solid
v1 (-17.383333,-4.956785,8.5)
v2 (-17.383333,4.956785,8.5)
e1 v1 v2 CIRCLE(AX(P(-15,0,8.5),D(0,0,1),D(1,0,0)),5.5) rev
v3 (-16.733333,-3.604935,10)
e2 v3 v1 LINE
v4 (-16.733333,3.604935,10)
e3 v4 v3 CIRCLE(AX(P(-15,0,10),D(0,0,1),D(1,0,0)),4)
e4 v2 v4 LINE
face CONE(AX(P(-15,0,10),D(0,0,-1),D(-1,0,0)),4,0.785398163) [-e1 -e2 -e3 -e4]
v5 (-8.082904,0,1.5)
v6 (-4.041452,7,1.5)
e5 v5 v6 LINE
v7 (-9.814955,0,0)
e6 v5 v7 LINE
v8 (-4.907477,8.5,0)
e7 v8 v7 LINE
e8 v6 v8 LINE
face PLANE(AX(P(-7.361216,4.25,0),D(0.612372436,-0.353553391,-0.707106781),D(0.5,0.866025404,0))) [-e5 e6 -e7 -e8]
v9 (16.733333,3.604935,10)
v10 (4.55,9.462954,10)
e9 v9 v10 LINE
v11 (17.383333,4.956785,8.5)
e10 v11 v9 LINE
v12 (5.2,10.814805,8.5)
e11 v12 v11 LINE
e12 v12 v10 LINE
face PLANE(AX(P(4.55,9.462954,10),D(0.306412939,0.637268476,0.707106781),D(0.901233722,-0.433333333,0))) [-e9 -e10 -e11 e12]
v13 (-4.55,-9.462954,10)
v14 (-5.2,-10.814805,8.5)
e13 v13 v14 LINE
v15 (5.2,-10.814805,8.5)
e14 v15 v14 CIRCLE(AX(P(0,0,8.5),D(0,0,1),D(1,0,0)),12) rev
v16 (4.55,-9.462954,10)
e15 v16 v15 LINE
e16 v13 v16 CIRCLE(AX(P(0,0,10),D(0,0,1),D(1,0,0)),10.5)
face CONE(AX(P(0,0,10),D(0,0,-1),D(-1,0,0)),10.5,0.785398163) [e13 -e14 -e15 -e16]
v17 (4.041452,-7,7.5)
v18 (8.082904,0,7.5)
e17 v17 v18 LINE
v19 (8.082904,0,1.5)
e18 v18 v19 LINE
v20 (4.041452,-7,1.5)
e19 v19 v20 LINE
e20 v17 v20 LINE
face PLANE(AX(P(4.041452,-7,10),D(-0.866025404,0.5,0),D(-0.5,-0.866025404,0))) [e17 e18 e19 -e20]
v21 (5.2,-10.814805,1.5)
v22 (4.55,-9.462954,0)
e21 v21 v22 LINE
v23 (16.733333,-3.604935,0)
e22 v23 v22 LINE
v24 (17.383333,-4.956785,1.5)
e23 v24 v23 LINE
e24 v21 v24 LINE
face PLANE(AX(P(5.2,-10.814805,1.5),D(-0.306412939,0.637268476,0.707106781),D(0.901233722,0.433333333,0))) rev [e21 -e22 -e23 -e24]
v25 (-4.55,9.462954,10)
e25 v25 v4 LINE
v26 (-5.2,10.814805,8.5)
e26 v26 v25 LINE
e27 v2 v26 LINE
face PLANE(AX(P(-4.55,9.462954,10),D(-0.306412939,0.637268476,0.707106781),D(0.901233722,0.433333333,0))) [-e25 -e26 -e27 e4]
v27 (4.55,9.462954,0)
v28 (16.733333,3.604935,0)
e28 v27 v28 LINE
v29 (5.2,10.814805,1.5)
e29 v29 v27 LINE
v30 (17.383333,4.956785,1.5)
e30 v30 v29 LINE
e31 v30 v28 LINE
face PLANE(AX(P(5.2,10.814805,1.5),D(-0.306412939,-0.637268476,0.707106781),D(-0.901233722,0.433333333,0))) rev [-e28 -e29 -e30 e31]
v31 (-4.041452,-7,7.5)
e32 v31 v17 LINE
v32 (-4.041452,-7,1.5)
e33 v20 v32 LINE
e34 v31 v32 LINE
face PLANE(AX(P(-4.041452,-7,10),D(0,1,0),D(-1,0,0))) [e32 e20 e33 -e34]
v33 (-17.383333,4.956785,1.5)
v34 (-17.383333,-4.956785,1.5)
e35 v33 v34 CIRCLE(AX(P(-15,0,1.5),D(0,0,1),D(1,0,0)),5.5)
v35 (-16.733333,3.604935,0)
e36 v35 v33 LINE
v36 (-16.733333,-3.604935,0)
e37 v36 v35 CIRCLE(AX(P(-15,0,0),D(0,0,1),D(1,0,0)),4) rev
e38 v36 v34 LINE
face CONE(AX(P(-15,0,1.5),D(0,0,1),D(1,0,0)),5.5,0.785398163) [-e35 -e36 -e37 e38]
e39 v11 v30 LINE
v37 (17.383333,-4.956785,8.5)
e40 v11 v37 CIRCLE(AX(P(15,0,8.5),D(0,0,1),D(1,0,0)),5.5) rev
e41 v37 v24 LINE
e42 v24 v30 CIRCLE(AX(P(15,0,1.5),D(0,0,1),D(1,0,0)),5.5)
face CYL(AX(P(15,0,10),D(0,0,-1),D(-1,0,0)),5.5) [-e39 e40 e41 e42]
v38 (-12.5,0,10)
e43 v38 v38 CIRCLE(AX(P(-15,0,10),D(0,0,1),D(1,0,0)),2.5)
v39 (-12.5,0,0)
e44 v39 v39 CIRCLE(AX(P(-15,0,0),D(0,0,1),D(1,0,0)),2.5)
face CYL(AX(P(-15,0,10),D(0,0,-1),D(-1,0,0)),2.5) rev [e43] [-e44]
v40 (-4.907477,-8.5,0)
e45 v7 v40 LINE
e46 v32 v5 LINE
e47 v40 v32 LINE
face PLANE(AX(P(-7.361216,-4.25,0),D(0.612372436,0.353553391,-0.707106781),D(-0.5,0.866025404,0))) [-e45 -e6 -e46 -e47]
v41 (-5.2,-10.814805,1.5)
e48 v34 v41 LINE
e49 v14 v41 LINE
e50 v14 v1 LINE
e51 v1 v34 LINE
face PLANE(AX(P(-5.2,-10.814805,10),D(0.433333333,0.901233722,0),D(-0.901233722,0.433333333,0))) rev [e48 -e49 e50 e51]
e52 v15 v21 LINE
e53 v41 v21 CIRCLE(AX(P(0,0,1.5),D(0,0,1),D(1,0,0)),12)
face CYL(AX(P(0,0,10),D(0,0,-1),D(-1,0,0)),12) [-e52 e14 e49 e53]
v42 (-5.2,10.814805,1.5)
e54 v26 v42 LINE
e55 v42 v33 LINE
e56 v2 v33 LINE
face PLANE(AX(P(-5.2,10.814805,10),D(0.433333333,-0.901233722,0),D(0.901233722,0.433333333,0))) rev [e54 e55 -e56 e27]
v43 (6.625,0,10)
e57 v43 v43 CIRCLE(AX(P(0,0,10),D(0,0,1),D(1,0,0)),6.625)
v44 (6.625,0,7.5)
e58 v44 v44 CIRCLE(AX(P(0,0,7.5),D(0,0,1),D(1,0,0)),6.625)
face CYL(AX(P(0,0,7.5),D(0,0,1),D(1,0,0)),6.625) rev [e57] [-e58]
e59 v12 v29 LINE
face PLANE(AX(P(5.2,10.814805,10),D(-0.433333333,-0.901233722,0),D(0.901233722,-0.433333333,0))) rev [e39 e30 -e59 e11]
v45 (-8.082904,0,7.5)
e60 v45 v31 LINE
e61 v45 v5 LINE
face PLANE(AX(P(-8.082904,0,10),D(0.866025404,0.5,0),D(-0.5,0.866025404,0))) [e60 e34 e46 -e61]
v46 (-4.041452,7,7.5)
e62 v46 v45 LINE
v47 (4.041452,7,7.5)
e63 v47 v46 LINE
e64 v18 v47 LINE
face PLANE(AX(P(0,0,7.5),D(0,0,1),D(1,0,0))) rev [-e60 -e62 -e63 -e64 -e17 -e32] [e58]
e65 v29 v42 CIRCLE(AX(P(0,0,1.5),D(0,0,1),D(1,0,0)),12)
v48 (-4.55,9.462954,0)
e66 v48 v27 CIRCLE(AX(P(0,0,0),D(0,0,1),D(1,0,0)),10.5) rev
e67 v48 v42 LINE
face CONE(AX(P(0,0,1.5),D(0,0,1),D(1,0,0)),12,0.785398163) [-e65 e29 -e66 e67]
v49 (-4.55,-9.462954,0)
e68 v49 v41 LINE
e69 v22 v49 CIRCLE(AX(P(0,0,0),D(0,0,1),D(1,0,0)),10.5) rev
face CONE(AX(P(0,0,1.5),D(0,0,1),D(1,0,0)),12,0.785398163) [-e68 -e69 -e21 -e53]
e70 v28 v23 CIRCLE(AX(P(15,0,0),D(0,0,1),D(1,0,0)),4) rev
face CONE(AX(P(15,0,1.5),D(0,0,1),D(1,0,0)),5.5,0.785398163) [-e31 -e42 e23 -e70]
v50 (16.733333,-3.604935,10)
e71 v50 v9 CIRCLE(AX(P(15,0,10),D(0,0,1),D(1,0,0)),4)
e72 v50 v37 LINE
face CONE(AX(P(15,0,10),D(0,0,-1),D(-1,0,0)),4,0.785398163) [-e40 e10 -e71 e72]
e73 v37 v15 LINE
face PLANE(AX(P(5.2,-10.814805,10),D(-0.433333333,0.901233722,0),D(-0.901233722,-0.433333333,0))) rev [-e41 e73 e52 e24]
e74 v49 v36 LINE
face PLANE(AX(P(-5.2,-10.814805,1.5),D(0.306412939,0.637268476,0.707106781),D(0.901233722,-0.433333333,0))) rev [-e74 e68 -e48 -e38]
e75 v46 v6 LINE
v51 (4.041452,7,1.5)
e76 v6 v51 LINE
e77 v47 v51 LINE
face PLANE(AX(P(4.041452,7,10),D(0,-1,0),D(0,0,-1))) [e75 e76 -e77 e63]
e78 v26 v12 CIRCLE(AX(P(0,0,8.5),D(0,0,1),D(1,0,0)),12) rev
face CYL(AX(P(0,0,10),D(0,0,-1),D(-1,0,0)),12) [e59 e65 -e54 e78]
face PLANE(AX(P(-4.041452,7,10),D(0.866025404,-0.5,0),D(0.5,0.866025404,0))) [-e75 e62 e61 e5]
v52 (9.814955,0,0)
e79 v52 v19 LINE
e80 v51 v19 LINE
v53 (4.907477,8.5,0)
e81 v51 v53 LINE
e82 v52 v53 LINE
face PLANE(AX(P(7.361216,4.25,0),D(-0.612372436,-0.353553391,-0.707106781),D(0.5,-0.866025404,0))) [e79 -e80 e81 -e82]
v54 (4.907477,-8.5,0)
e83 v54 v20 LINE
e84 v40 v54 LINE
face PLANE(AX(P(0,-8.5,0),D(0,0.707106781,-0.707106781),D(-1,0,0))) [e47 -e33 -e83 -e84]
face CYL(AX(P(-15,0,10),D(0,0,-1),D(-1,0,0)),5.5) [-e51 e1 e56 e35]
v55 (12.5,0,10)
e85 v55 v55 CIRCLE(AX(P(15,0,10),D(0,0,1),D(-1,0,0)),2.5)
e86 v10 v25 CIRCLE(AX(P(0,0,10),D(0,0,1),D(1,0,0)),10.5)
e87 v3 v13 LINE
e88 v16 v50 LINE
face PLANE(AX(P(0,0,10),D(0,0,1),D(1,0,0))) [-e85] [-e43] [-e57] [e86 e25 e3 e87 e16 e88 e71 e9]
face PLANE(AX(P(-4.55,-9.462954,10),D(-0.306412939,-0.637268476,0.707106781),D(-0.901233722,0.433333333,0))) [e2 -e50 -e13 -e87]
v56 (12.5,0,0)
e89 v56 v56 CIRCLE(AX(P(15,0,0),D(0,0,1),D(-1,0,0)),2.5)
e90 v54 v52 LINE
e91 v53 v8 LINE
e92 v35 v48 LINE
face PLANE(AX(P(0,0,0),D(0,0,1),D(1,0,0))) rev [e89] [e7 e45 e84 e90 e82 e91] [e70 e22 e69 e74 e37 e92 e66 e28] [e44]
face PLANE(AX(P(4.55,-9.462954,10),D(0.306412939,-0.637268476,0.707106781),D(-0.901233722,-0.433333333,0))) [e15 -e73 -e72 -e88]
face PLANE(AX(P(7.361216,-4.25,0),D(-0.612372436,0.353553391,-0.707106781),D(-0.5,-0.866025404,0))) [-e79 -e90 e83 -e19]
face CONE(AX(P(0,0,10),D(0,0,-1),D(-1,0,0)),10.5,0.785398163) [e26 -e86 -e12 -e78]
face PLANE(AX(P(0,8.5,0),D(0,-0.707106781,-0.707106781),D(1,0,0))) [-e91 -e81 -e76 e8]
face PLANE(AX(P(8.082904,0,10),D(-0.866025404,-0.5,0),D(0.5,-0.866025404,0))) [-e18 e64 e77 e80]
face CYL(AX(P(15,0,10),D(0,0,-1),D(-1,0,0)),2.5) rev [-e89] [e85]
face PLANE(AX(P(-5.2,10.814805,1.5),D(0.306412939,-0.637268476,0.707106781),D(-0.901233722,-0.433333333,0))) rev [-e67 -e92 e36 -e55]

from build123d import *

# Parameters (mm, degrees)
SKETCH1_R           = 2.5
BOSS_EXTRUDE1_DEPTH = 10
SKETCH2_R           = 8.082903769
SKETCH2_R_2         = 6.625
BOSS_EXTRUDE3_DEPTH = 2.5
CHAMFER1_SIZE       = 1.5


with BuildPart() as part:
    # Sketch1 → Boss-Extrude1 (new body)
    with BuildSketch(Plane.XY):
        with BuildLine():
            Line((-5.2, -10.814804668), (-17.383333333, -4.956785473))
            ThreePointArc((-17.383333333, -4.956785473), (-20.5, 0), (-17.383333333, 4.956785473))
            Line((-17.383333333, 4.956785473), (-5.2, 10.814804668))
            ThreePointArc((-5.2, 10.814804668), (0, 12), (5.2, 10.814804668))
            Line((5.2, 10.814804668), (17.383333333, 4.956785473))
            ThreePointArc((17.383333333, 4.956785473), (20.5, 0), (17.383333333, -4.956785473))
            Line((17.383333333, -4.956785473), (5.2, -10.814804668))
            ThreePointArc((5.2, -10.814804668), (0, -12), (-5.2, -10.814804668))
        make_face()
        with Locations((-15, 0)):
            Circle(SKETCH1_R, mode=Mode.SUBTRACT)
        with Locations(Location((15, 0, 0), (0, 0, 180))):
            Circle(SKETCH1_R, mode=Mode.SUBTRACT)
        Polygon((8.082903769, 0), (4.041451884, 7), (-4.041451884, 7), (-8.082903769, 0), (-4.041451884, -7), (4.041451884, -7), align=None, mode=Mode.SUBTRACT)
    extrude(amount=BOSS_EXTRUDE1_DEPTH)

    # Sketch2 → Boss-Extrude3 (add)
    with BuildSketch(Plane.XY.offset(10)):
        Circle(SKETCH2_R)
        Circle(SKETCH2_R_2, mode=Mode.SUBTRACT)
    extrude(amount=-BOSS_EXTRUDE3_DEPTH)

    # Chamfer1
    chamfer1_edges = [part.edges().sort_by_distance(p)[0] for p in [
        (11.291666667, 7.88579507, 0),
        (20.5, 0, 0),
        (11.291666667, -7.88579507, 0),
        (0, -12, 0),
        (20.5, 0, 10),
        (11.291666667, 7.88579507, 10),
        (0, 12, 10),
        (-11.291666667, 7.88579507, 10),
        (-20.5, 0, 10),
        (6.062177826, -3.5, 0),
        (6.062177826, 3.5, 0),
        (0, 7, 0),
        (-6.062177826, 3.5, 0),
        (-6.062177826, -3.5, 0),
        (0, -7, 0),
        (-11.291666667, -7.88579507, 10),
        (0, -12, 10),
        (-11.291666667, -7.88579507, 0),
        (11.291666667, -7.88579507, 10),
        (-20.5, 0, 0),
        (-11.291666667, 7.88579507, 0),
        (0, 12, 0),
    ]]
    chamfer(chamfer1_edges, length=CHAMFER1_SIZE)


solid = part.part
